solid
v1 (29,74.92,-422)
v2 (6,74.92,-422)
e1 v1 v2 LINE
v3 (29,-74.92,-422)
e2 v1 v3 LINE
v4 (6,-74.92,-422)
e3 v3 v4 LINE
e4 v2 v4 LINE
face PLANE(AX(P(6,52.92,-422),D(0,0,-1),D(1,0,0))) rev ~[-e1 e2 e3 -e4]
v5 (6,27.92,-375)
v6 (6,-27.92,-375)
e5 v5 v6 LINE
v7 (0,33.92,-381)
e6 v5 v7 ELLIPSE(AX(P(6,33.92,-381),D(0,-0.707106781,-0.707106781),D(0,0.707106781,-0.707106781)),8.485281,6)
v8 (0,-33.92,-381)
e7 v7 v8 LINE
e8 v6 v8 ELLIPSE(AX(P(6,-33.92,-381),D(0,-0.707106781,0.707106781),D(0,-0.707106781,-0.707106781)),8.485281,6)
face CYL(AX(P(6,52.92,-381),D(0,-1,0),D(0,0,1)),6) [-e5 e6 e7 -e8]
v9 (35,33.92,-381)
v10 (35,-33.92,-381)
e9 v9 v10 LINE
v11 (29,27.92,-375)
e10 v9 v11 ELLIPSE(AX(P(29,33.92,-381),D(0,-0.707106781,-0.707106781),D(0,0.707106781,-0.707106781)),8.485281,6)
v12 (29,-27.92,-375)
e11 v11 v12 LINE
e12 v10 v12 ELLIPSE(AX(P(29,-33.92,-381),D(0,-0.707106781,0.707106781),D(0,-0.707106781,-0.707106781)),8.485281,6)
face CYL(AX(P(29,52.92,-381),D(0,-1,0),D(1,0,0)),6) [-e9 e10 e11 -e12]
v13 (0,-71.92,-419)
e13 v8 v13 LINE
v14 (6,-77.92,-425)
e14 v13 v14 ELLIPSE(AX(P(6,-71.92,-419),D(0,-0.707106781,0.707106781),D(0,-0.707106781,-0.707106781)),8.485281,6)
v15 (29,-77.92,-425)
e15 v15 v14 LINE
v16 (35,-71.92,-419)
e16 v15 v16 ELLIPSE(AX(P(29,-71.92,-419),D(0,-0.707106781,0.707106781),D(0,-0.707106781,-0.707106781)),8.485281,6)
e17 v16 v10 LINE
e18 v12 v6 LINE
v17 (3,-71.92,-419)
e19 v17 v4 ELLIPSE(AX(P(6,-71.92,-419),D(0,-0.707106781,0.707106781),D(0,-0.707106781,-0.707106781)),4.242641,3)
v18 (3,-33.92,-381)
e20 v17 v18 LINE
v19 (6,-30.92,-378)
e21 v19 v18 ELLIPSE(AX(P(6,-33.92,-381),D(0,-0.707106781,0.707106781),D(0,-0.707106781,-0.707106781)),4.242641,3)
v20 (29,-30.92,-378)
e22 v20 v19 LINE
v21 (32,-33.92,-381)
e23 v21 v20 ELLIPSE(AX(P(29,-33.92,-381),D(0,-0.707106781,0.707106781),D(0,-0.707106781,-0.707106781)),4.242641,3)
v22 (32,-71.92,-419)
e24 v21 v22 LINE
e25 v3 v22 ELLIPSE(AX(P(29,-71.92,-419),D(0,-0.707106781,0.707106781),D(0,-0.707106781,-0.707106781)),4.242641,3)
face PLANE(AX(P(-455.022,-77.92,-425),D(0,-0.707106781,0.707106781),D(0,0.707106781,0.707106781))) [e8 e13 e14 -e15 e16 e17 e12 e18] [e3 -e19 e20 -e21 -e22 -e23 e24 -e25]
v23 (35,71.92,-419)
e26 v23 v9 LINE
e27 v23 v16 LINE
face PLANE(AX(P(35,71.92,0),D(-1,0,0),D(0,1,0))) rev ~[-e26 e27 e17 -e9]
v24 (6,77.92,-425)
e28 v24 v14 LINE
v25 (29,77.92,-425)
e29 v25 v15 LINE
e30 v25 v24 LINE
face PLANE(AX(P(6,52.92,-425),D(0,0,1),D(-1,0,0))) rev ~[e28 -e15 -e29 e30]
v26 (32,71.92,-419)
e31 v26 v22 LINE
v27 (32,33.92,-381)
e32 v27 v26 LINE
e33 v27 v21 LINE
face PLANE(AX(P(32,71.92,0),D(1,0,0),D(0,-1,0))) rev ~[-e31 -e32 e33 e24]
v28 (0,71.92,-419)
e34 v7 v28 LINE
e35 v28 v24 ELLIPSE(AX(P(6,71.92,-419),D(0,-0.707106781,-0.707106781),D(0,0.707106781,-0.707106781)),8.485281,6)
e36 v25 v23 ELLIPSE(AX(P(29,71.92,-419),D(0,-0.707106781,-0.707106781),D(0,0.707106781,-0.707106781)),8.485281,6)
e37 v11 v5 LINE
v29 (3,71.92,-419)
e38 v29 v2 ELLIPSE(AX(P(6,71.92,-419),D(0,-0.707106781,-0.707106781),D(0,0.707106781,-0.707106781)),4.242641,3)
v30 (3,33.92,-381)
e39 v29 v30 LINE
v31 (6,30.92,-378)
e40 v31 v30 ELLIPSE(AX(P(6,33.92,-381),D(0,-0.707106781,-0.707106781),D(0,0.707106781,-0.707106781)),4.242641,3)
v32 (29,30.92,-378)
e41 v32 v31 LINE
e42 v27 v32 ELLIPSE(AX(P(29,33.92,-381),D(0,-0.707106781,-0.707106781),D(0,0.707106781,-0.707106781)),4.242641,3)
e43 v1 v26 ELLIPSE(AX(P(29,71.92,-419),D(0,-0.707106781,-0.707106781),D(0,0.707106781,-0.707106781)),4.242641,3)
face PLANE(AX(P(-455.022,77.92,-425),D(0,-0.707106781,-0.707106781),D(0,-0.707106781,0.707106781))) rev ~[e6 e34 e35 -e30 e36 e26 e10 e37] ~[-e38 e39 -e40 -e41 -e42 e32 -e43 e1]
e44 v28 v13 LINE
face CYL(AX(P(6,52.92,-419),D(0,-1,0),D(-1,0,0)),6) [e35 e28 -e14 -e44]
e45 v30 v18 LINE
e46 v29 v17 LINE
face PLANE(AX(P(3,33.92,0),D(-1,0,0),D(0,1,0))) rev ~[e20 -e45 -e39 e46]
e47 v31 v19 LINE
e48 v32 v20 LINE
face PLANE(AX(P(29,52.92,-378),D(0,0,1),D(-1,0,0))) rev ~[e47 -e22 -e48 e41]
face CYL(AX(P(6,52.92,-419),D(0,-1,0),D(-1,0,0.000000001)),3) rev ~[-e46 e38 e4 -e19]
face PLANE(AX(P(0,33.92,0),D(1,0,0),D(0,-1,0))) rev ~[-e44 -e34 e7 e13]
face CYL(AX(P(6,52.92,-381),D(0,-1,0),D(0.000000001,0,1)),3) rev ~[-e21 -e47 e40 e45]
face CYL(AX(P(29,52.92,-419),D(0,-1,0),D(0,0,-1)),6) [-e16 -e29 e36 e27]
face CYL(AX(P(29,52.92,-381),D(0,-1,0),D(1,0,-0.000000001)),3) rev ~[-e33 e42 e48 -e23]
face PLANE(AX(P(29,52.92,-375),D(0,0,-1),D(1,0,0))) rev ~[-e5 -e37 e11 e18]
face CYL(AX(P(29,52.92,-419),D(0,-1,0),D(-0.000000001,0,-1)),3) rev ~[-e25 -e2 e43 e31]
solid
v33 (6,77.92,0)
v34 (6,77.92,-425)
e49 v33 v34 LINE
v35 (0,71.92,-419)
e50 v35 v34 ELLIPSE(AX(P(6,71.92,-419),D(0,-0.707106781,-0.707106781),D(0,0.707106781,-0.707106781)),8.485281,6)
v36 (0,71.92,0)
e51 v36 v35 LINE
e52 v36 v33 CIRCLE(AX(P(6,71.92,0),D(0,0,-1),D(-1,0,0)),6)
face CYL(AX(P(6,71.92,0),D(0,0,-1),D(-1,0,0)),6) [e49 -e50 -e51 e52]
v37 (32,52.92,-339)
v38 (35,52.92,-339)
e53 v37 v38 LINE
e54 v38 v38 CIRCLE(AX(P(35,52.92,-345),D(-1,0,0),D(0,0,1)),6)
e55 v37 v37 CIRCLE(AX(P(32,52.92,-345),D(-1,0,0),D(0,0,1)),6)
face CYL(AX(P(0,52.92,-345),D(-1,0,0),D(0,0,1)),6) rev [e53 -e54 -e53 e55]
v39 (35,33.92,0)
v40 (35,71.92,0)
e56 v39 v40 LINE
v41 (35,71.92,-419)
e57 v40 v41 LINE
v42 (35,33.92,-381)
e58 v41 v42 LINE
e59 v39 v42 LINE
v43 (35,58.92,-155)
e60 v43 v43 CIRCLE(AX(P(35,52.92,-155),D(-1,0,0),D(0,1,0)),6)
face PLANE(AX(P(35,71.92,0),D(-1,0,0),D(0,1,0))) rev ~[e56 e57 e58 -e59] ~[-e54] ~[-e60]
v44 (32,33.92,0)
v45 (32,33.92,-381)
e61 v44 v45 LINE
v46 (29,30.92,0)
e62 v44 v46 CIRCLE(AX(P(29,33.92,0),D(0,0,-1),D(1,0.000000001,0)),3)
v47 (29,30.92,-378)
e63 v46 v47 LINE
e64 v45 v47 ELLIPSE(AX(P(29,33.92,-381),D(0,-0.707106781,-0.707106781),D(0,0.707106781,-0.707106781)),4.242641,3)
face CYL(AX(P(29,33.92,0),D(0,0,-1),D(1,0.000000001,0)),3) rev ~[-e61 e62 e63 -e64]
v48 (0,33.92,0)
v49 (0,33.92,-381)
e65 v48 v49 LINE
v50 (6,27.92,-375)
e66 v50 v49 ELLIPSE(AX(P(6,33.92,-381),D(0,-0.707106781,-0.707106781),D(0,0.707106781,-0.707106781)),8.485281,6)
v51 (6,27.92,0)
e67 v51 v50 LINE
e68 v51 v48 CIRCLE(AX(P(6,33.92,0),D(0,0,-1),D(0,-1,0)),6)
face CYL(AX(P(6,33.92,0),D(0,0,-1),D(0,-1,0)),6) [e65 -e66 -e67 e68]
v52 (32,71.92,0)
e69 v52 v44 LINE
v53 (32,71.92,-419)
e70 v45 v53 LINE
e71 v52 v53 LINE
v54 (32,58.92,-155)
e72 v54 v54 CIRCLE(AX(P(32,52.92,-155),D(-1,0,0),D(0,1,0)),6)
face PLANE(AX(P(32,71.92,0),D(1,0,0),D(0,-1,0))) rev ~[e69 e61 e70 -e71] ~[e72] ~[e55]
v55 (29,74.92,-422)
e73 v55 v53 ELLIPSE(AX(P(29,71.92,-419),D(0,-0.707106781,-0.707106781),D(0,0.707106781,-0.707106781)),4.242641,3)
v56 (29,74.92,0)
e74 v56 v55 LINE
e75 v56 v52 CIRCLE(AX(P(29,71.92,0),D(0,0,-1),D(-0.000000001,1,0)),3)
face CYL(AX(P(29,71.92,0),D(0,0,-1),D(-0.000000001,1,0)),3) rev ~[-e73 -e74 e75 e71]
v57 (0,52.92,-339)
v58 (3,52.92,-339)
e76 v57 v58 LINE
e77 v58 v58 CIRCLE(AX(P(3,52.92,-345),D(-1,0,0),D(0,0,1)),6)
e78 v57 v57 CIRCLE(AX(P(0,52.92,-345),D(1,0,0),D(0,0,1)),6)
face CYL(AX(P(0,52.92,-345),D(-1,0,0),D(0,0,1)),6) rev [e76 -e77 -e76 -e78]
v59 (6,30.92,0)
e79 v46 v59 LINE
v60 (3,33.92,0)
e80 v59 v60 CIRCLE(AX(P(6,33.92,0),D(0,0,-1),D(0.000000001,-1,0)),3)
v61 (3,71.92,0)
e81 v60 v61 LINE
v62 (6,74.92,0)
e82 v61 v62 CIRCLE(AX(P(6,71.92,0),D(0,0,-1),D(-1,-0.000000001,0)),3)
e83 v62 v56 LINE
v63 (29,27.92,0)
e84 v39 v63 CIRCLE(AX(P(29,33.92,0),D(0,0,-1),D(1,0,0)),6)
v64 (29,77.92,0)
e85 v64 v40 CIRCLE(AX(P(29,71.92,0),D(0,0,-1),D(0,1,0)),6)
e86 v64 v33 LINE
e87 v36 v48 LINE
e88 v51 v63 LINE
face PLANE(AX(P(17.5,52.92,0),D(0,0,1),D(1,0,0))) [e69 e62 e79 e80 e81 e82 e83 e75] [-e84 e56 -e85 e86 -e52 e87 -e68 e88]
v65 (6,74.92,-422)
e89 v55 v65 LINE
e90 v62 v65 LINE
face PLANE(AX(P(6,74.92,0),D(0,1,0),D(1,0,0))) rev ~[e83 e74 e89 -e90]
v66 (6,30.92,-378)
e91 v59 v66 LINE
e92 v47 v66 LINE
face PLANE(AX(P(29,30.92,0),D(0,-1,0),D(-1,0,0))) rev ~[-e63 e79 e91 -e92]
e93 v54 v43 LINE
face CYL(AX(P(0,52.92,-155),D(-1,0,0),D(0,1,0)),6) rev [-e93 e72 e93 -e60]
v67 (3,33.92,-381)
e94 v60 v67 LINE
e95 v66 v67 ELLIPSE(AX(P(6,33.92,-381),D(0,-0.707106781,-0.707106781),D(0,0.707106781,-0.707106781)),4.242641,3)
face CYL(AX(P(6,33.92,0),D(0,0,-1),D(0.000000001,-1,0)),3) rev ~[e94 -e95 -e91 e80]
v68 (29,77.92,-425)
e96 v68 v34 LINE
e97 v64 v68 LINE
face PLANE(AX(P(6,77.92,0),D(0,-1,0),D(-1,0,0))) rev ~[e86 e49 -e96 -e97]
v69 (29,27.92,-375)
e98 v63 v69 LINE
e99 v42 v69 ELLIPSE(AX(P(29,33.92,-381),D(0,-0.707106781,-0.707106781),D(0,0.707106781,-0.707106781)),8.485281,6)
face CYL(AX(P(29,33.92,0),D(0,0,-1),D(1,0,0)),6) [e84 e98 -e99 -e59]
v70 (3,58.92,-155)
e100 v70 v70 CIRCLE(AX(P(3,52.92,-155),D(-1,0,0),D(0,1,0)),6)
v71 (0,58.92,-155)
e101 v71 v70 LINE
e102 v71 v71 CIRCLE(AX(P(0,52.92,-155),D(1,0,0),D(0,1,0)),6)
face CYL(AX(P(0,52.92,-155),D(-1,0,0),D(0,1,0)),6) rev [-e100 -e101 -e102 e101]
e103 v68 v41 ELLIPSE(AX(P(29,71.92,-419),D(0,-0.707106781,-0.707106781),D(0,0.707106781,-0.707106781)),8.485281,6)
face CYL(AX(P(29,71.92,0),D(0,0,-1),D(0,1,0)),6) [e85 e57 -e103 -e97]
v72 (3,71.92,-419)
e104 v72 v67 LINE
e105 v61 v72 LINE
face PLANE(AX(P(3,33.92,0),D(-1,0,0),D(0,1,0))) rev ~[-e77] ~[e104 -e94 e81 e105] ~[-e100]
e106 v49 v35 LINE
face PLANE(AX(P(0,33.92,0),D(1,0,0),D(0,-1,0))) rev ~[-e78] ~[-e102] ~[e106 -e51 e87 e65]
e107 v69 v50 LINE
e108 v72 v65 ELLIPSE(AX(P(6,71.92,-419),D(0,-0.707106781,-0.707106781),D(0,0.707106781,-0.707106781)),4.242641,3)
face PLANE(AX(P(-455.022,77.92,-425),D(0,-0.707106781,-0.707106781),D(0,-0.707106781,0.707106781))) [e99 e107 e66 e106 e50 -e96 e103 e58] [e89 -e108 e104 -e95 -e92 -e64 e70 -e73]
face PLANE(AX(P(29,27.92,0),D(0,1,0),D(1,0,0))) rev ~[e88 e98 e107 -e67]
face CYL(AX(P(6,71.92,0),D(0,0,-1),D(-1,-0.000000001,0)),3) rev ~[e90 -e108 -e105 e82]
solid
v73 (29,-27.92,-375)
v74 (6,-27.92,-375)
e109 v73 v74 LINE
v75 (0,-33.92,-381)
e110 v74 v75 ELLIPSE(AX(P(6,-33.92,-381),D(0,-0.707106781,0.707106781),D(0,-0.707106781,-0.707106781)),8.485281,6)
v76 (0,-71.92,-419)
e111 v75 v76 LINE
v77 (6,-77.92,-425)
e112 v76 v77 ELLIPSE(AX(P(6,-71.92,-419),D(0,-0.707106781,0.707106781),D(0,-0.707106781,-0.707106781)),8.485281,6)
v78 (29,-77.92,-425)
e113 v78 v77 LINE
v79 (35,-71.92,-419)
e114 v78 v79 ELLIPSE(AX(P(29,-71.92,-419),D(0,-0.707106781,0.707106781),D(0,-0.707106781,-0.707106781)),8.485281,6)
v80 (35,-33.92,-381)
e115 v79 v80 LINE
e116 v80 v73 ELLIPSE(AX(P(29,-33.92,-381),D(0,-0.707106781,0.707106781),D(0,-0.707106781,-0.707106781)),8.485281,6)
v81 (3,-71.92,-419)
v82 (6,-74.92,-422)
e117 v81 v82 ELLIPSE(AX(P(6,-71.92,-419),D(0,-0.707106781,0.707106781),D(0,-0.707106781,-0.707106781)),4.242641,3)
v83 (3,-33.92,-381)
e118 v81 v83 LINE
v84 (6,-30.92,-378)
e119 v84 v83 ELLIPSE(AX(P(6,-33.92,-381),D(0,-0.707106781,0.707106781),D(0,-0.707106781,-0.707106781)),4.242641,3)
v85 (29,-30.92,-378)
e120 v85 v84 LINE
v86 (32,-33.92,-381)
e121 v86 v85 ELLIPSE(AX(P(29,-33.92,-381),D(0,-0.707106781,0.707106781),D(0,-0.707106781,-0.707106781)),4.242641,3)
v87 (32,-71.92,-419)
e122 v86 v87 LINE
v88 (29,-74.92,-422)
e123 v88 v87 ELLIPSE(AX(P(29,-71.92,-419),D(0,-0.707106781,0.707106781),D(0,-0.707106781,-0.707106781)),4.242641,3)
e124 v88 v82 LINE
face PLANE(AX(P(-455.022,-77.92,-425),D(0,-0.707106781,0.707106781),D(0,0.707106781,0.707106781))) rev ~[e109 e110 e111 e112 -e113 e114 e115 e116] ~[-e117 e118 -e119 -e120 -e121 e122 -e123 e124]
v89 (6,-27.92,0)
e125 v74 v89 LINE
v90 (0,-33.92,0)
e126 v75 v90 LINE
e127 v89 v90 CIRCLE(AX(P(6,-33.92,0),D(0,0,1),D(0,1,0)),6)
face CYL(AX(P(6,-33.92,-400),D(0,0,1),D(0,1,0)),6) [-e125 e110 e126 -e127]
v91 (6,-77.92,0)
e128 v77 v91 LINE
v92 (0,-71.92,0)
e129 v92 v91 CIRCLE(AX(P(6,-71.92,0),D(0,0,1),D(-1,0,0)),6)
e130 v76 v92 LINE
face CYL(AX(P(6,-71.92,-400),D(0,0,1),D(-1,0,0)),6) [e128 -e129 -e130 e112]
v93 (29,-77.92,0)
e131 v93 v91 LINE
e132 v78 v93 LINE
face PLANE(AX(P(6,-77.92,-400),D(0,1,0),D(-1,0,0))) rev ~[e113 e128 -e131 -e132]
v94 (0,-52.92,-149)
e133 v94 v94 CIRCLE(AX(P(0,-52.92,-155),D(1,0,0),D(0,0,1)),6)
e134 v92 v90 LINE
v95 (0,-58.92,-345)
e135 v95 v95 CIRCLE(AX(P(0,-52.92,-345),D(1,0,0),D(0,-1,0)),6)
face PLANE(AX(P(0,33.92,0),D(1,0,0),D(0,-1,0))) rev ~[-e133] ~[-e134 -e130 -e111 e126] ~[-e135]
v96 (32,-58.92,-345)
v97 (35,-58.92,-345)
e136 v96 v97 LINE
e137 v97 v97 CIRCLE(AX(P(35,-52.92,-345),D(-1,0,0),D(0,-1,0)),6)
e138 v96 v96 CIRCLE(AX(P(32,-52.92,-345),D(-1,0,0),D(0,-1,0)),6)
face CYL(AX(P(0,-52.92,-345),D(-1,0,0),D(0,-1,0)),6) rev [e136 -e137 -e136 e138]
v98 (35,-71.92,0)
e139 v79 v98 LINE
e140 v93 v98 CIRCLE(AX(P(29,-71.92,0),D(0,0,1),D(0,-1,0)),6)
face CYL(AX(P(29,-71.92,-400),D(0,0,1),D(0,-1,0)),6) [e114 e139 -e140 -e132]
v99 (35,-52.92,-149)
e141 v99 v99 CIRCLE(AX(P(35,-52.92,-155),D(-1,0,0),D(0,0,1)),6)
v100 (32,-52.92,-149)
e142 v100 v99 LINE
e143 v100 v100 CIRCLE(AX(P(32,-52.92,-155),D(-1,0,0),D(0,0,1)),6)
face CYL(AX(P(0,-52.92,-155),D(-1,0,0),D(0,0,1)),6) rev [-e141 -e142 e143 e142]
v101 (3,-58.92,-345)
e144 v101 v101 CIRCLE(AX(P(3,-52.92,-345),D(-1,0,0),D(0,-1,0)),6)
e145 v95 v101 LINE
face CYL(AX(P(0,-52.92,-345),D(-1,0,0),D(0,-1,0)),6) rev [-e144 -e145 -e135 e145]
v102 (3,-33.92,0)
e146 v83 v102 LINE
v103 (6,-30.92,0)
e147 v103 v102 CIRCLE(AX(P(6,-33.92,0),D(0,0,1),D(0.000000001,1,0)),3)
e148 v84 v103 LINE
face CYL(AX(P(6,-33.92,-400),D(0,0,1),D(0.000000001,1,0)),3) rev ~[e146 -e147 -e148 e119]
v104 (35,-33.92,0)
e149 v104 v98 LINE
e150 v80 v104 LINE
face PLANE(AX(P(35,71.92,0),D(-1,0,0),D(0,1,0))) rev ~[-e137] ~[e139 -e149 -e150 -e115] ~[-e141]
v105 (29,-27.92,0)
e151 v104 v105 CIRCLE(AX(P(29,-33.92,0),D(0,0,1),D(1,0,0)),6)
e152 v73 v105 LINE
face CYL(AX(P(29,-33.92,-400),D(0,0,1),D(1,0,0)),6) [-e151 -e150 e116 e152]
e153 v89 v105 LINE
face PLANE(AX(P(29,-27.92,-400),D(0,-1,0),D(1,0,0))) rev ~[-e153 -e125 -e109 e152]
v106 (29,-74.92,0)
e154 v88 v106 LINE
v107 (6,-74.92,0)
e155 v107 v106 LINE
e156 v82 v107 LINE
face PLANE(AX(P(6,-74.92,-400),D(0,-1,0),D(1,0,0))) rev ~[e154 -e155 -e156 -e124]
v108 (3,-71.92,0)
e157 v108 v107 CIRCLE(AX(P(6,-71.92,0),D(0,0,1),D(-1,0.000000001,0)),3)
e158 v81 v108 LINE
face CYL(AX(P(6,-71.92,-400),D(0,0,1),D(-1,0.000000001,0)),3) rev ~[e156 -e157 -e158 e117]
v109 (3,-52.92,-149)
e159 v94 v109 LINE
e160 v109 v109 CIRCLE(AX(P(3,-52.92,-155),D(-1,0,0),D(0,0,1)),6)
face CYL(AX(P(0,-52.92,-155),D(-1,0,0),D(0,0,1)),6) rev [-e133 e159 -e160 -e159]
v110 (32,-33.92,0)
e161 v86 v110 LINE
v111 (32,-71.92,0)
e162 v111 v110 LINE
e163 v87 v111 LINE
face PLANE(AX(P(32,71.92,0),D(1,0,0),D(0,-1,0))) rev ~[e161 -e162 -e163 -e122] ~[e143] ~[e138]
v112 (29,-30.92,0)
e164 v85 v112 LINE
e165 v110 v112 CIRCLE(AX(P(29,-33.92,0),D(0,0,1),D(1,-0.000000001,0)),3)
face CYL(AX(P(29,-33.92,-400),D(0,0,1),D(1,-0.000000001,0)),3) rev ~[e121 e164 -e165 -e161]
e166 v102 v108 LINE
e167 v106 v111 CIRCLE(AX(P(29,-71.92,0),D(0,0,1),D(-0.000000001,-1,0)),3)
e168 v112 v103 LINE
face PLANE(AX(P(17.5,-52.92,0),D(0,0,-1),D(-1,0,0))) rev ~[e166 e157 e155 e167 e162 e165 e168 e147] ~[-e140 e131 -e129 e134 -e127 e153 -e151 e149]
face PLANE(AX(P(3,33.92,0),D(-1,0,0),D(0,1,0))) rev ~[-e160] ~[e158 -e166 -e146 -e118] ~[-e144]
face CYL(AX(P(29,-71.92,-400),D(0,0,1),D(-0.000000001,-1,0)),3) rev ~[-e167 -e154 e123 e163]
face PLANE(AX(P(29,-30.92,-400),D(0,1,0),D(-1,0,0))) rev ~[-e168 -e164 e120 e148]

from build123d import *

# Parameters (mm, degrees)
SPLIT1_SURFACE_1_1_BACK  = 455.022
SPLIT1_SURFACE_1_1_DEPTH = 910.044
SPLIT1_SURFACE_1_2_BACK  = 455.022
SPLIT1_SURFACE_1_2_DEPTH = 910.044
SPLIT1_SURFACE_2_3_BACK  = 455.022
SPLIT1_SURFACE_2_3_DEPTH = 910.044
SPLIT1_SURFACE_2_4_BACK  = 455.022
SPLIT1_SURFACE_2_4_DEPTH = 910.044
SKETCH5_R                = 6
CUT_EXTRUDE1_DEPTH       = 434.499165397


with BuildPart() as part:
    # Sweep-Thin1: sweep along a path in Sketch2
    with BuildLine(Plane(origin=(0, 0, 0), x_dir=(0, 0, -1), z_dir=(1, 0, 0))) as sweep_thin1_path:
        Line((0, 52.92), (400, 52.92))
        Line((400, 52.92), (400, -52.92))
        Line((400, -52.92), (0, -52.92))
    # Sketch1 → Sweep-Thin1 (sweep)
    with BuildSketch(Plane.XY):
        with BuildLine():
            Line((6, 77.92), (29, 77.92))
            ThreePointArc((29, 77.92), (33.242640687, 76.162640687), (35, 71.92))
            Line((35, 71.92), (35, 33.92))
            ThreePointArc((35, 33.92), (33.242640687, 29.677359313), (29, 27.92))
            Line((29, 27.92), (6, 27.92))
            ThreePointArc((6, 27.92), (1.757359313, 29.677359313), (0, 33.92))
            Line((0, 33.92), (0, 71.92))
            ThreePointArc((0, 71.92), (1.757359313, 76.162640687), (6, 77.92))
        make_face()
        with BuildLine():
            Line((6, 74.92), (29, 74.92))
            ThreePointArc((29, 74.92), (31.121320344, 74.041320344), (32, 71.92))
            Line((32, 71.92), (32, 33.92))
            ThreePointArc((32, 33.92), (31.121320344, 31.798679656), (29, 30.92))
            Line((29, 30.92), (6, 30.92))
            ThreePointArc((6, 30.92), (3.878679656, 31.798679656), (3, 33.92))
            Line((3, 33.92), (3, 71.92))
            ThreePointArc((3, 71.92), (3.878679656, 74.041320344), (6, 74.92))
        make_face(mode=Mode.SUBTRACT)
    sweep(path=sweep_thin1_path.line, transition=Transition.RIGHT)


with BuildPart() as body_2:
    # Split1: the piece behind the surface
    add(part.part)
    # Split1 surface 1: a surface, the sketch's curves swept straight by 910.044 mm
    with BuildLine(Plane(origin=(0, 0, 0), x_dir=(0, 0, -1), z_dir=(1, 0, 0)).offset(-SPLIT1_SURFACE_1_1_BACK), mode=Mode.PRIVATE) as split1_surface_1_1_path:
        Line((425, 77.92), (375, 27.92))
    split1_surface_1_1 = Shell.extrude(split1_surface_1_1_path.wire(), (1 * SPLIT1_SURFACE_1_1_DEPTH, 0 * SPLIT1_SURFACE_1_1_DEPTH, 0 * SPLIT1_SURFACE_1_1_DEPTH))
    split(bisect_by=split1_surface_1_1, keep=Keep.BOTTOM)


with BuildPart() as part_1:
    add(part.part)

    # Split1: split by a surface, the side it looks to stays
    # Split1 surface 1: a surface, the sketch's curves swept straight by 910.044 mm
    with BuildLine(Plane(origin=(0, 0, 0), x_dir=(0, 0, -1), z_dir=(1, 0, 0)).offset(-SPLIT1_SURFACE_1_2_BACK), mode=Mode.PRIVATE) as split1_surface_1_2_path:
        Line((425, 77.92), (375, 27.92))
    split1_surface_1_2 = Shell.extrude(split1_surface_1_2_path.wire(), (1 * SPLIT1_SURFACE_1_2_DEPTH, 0 * SPLIT1_SURFACE_1_2_DEPTH, 0 * SPLIT1_SURFACE_1_2_DEPTH))
    split(bisect_by=split1_surface_1_2, keep=Keep.TOP)


with BuildPart() as body_3:
    # Split1 2: the piece behind the surface
    add(part_1.part)
    # Split1 surface 2: a surface, the sketch's curves swept straight by 910.044 mm
    with BuildLine(Plane(origin=(0, 0, 0), x_dir=(0, 0, -1), z_dir=(1, 0, 0)).offset(-SPLIT1_SURFACE_2_3_BACK), mode=Mode.PRIVATE) as split1_surface_2_3_path:
        Line((425, -77.92), (375, -27.92))
    split1_surface_2_3 = Shell.extrude(split1_surface_2_3_path.wire(), (1 * SPLIT1_SURFACE_2_3_DEPTH, 0 * SPLIT1_SURFACE_2_3_DEPTH, 0 * SPLIT1_SURFACE_2_3_DEPTH))
    split(bisect_by=split1_surface_2_3, keep=Keep.BOTTOM)


with BuildPart() as part_2:
    add(part_1.part)

    # Split1 2: split by a surface, the side it looks to stays
    # Split1 surface 2: a surface, the sketch's curves swept straight by 910.044 mm
    with BuildLine(Plane(origin=(0, 0, 0), x_dir=(0, 0, -1), z_dir=(1, 0, 0)).offset(-SPLIT1_SURFACE_2_4_BACK), mode=Mode.PRIVATE) as split1_surface_2_4_path:
        Line((425, -77.92), (375, -27.92))
    split1_surface_2_4 = Shell.extrude(split1_surface_2_4_path.wire(), (1 * SPLIT1_SURFACE_2_4_DEPTH, 0 * SPLIT1_SURFACE_2_4_DEPTH, 0 * SPLIT1_SURFACE_2_4_DEPTH))
    split(bisect_by=split1_surface_2_4, keep=Keep.TOP)


with BuildPart() as cut_extrude1_tool:
    # Sketch5 → Cut-Extrude1 (new, through all)
    with BuildSketch(Plane(origin=(0, 0, 0), x_dir=(0, 0, -1), z_dir=(1, 0, 0))):
        with Locations(Location((155, 52.92, 0), (0, 0, 90))):
            Circle(SKETCH5_R)
        with Locations(Location((155, -52.92, 0), (0, 0, 180))):
            Circle(SKETCH5_R)
        with Locations(Location((345, -52.92, 0), (0, 0, 270))):
            Circle(SKETCH5_R)
        with Locations(Location((345, 52.92, 0), (0, 0, 180))):
            Circle(SKETCH5_R)
    extrude(amount=CUT_EXTRUDE1_DEPTH)


with BuildPart() as part_3:
    add(part_2.part)

    # Cut-Extrude1: cut by cut_extrude1_tool
    add(cut_extrude1_tool.part, mode=Mode.SUBTRACT)


with BuildPart() as body_2_1:
    add(body_2.part)

    # Cut-Extrude1: cut by cut_extrude1_tool
    add(cut_extrude1_tool.part, mode=Mode.SUBTRACT)


solid = Compound([body_3.part, part_3.part, body_2_1.part])
